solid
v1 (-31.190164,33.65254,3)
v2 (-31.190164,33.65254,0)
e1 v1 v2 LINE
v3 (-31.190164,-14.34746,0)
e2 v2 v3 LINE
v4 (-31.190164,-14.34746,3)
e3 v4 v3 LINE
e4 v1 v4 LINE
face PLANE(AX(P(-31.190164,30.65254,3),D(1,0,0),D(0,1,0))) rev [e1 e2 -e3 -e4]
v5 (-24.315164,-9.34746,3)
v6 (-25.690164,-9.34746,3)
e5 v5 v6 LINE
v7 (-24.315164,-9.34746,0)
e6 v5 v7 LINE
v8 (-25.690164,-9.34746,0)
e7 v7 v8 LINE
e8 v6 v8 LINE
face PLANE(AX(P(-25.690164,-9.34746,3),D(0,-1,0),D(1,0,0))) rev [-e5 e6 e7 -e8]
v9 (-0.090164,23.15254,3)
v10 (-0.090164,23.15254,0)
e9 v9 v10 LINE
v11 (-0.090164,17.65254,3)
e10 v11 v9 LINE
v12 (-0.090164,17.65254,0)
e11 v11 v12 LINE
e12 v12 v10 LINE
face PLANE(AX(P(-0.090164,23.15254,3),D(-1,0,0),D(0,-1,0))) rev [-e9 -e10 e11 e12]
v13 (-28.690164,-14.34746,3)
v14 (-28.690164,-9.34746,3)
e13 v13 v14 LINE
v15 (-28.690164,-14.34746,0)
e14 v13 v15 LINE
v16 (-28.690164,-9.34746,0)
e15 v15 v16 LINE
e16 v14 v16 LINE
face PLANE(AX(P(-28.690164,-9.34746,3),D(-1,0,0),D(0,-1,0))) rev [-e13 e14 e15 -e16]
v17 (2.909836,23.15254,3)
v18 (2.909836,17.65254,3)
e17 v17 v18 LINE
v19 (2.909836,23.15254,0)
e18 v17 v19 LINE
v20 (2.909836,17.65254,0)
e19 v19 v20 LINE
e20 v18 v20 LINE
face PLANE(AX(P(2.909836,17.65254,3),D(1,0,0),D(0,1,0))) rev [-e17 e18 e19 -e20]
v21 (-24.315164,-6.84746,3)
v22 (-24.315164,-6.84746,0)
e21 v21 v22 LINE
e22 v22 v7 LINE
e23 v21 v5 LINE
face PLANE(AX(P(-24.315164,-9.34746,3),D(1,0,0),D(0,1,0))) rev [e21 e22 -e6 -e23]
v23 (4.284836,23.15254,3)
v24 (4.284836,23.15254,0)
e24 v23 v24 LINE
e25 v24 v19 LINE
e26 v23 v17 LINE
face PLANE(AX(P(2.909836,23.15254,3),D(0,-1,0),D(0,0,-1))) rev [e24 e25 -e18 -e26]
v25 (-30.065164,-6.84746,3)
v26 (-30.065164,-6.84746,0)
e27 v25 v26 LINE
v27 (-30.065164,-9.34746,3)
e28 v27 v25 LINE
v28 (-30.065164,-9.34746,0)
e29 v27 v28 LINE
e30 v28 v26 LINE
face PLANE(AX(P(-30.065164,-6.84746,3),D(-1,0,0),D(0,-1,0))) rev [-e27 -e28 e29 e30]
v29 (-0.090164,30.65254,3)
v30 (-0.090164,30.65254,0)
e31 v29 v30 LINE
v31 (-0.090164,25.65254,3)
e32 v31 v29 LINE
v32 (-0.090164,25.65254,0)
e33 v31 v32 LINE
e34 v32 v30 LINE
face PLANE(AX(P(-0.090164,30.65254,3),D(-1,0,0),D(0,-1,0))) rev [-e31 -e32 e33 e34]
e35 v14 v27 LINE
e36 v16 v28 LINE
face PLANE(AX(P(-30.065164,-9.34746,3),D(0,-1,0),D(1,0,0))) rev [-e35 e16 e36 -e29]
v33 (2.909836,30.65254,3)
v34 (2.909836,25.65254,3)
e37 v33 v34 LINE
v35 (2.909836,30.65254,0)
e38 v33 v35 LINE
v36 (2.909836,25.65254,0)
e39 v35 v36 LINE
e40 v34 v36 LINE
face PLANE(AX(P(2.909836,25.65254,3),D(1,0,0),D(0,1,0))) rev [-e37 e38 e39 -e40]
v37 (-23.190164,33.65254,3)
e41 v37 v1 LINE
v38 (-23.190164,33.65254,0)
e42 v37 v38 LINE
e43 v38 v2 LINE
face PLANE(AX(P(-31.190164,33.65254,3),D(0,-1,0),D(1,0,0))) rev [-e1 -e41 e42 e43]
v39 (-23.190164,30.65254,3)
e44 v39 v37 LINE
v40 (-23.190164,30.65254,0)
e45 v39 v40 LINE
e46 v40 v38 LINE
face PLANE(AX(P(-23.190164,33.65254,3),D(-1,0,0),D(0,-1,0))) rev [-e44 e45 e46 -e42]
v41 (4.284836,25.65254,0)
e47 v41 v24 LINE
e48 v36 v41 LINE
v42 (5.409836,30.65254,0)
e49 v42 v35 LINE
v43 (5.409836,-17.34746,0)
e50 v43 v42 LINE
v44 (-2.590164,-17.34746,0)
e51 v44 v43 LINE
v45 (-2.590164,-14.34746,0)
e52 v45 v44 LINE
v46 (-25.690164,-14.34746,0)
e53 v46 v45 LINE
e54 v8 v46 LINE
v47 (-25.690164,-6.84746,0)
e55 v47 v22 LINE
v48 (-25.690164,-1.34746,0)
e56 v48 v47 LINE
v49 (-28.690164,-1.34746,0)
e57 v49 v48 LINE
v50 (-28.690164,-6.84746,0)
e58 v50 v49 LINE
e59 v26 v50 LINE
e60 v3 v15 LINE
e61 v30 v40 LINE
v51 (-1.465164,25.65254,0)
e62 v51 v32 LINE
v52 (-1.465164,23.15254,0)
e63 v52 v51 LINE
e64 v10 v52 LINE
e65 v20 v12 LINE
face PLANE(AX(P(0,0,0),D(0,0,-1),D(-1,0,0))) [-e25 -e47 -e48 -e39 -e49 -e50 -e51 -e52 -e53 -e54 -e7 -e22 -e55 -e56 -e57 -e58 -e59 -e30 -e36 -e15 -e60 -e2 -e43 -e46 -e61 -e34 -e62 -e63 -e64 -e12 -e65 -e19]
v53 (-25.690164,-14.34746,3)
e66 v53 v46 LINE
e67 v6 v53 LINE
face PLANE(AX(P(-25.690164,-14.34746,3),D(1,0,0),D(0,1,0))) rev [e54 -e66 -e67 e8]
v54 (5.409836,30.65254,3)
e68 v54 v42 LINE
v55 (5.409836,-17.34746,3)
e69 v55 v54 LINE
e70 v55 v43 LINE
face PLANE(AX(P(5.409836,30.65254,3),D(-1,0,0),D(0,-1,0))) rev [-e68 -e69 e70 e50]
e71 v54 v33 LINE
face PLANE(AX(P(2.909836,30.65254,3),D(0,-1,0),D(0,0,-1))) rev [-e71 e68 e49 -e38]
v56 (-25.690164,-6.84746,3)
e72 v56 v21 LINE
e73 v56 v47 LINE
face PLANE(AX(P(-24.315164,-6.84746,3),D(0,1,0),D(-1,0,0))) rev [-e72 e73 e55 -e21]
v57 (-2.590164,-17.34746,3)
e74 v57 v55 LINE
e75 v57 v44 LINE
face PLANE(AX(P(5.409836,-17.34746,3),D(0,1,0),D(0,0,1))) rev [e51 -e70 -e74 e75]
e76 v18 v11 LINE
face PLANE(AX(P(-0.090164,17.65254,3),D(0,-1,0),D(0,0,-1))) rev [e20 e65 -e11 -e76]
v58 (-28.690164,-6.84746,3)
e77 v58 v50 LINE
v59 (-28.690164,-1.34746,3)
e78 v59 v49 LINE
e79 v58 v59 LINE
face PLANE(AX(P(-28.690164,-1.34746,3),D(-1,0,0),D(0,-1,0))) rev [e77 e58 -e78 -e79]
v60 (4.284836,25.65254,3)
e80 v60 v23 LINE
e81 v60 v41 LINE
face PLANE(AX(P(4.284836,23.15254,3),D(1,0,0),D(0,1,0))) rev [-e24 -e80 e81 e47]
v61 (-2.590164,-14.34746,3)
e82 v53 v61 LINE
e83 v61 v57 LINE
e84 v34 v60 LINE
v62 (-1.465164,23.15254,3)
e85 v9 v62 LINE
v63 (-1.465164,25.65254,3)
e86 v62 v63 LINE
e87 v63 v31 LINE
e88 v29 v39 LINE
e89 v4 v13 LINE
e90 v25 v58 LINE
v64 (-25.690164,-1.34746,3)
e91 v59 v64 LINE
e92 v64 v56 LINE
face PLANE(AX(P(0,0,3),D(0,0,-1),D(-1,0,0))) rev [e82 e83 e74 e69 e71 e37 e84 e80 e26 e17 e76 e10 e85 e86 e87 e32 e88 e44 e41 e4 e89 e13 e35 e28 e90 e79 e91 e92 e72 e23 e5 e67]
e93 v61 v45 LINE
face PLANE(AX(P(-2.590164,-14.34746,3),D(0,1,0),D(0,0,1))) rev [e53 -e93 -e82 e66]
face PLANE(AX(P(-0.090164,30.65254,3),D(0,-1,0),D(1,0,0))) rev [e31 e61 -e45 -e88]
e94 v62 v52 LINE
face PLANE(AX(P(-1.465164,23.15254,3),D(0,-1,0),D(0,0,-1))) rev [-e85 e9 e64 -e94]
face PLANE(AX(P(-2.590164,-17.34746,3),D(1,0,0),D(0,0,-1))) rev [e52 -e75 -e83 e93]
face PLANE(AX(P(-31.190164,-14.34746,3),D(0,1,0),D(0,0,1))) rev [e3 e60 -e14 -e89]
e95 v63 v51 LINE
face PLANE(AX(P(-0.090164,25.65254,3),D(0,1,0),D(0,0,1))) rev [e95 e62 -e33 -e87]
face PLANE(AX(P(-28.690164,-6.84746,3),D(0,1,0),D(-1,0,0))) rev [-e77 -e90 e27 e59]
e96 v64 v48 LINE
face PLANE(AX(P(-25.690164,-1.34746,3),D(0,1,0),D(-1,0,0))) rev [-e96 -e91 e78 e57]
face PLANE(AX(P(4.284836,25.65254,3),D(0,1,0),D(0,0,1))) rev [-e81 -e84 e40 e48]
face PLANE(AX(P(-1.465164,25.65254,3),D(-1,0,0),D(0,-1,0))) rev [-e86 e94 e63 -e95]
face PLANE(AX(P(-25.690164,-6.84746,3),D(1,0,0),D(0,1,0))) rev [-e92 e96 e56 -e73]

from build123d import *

# Parameters (mm, degrees)
RESSALTO_EXTRUS_O1_DEPTH = 3


with BuildPart() as part:
    # Esboço1 → Ressalto-extrusão1 (new body)
    with BuildSketch(Plane.XY):
        Polygon((-23.190164426, 33.65253981), (-23.190164426, 30.65253981), (-0.090164426, 30.65253981), (-0.090164426, 25.65253981), (-1.465164426, 25.65253981), (-1.465164426, 23.15253981), (-0.090164426, 23.15253981), (-0.090164426, 17.65253981), (2.909835574, 17.65253981), (2.909835574, 23.15253981), (4.284835574, 23.15253981), (4.284835574, 25.65253981), (2.909835574, 25.65253981), (2.909835574, 30.65253981), (5.409835574, 30.65253981), (5.409835574, -14.34746019), (5.409835574, -17.34746019), (-2.590164426, -17.34746019), (-2.590164426, -14.34746019), (-25.690164426, -14.34746019), (-25.690164426, -9.34746019), (-24.315164426, -9.34746019), (-24.315164426, -6.84746019), (-25.690164426, -6.84746019), (-25.690164426, -1.34746019), (-28.690164426, -1.34746019), (-28.690164426, -6.84746019), (-30.065164426, -6.84746019), (-30.065164426, -9.34746019), (-28.690164426, -9.34746019), (-28.690164426, -14.34746019), (-31.190164426, -14.34746019), (-31.190164426, 30.65253981), (-31.190164426, 33.65253981), align=None)
    extrude(amount=RESSALTO_EXTRUS_O1_DEPTH)


solid = part.part
